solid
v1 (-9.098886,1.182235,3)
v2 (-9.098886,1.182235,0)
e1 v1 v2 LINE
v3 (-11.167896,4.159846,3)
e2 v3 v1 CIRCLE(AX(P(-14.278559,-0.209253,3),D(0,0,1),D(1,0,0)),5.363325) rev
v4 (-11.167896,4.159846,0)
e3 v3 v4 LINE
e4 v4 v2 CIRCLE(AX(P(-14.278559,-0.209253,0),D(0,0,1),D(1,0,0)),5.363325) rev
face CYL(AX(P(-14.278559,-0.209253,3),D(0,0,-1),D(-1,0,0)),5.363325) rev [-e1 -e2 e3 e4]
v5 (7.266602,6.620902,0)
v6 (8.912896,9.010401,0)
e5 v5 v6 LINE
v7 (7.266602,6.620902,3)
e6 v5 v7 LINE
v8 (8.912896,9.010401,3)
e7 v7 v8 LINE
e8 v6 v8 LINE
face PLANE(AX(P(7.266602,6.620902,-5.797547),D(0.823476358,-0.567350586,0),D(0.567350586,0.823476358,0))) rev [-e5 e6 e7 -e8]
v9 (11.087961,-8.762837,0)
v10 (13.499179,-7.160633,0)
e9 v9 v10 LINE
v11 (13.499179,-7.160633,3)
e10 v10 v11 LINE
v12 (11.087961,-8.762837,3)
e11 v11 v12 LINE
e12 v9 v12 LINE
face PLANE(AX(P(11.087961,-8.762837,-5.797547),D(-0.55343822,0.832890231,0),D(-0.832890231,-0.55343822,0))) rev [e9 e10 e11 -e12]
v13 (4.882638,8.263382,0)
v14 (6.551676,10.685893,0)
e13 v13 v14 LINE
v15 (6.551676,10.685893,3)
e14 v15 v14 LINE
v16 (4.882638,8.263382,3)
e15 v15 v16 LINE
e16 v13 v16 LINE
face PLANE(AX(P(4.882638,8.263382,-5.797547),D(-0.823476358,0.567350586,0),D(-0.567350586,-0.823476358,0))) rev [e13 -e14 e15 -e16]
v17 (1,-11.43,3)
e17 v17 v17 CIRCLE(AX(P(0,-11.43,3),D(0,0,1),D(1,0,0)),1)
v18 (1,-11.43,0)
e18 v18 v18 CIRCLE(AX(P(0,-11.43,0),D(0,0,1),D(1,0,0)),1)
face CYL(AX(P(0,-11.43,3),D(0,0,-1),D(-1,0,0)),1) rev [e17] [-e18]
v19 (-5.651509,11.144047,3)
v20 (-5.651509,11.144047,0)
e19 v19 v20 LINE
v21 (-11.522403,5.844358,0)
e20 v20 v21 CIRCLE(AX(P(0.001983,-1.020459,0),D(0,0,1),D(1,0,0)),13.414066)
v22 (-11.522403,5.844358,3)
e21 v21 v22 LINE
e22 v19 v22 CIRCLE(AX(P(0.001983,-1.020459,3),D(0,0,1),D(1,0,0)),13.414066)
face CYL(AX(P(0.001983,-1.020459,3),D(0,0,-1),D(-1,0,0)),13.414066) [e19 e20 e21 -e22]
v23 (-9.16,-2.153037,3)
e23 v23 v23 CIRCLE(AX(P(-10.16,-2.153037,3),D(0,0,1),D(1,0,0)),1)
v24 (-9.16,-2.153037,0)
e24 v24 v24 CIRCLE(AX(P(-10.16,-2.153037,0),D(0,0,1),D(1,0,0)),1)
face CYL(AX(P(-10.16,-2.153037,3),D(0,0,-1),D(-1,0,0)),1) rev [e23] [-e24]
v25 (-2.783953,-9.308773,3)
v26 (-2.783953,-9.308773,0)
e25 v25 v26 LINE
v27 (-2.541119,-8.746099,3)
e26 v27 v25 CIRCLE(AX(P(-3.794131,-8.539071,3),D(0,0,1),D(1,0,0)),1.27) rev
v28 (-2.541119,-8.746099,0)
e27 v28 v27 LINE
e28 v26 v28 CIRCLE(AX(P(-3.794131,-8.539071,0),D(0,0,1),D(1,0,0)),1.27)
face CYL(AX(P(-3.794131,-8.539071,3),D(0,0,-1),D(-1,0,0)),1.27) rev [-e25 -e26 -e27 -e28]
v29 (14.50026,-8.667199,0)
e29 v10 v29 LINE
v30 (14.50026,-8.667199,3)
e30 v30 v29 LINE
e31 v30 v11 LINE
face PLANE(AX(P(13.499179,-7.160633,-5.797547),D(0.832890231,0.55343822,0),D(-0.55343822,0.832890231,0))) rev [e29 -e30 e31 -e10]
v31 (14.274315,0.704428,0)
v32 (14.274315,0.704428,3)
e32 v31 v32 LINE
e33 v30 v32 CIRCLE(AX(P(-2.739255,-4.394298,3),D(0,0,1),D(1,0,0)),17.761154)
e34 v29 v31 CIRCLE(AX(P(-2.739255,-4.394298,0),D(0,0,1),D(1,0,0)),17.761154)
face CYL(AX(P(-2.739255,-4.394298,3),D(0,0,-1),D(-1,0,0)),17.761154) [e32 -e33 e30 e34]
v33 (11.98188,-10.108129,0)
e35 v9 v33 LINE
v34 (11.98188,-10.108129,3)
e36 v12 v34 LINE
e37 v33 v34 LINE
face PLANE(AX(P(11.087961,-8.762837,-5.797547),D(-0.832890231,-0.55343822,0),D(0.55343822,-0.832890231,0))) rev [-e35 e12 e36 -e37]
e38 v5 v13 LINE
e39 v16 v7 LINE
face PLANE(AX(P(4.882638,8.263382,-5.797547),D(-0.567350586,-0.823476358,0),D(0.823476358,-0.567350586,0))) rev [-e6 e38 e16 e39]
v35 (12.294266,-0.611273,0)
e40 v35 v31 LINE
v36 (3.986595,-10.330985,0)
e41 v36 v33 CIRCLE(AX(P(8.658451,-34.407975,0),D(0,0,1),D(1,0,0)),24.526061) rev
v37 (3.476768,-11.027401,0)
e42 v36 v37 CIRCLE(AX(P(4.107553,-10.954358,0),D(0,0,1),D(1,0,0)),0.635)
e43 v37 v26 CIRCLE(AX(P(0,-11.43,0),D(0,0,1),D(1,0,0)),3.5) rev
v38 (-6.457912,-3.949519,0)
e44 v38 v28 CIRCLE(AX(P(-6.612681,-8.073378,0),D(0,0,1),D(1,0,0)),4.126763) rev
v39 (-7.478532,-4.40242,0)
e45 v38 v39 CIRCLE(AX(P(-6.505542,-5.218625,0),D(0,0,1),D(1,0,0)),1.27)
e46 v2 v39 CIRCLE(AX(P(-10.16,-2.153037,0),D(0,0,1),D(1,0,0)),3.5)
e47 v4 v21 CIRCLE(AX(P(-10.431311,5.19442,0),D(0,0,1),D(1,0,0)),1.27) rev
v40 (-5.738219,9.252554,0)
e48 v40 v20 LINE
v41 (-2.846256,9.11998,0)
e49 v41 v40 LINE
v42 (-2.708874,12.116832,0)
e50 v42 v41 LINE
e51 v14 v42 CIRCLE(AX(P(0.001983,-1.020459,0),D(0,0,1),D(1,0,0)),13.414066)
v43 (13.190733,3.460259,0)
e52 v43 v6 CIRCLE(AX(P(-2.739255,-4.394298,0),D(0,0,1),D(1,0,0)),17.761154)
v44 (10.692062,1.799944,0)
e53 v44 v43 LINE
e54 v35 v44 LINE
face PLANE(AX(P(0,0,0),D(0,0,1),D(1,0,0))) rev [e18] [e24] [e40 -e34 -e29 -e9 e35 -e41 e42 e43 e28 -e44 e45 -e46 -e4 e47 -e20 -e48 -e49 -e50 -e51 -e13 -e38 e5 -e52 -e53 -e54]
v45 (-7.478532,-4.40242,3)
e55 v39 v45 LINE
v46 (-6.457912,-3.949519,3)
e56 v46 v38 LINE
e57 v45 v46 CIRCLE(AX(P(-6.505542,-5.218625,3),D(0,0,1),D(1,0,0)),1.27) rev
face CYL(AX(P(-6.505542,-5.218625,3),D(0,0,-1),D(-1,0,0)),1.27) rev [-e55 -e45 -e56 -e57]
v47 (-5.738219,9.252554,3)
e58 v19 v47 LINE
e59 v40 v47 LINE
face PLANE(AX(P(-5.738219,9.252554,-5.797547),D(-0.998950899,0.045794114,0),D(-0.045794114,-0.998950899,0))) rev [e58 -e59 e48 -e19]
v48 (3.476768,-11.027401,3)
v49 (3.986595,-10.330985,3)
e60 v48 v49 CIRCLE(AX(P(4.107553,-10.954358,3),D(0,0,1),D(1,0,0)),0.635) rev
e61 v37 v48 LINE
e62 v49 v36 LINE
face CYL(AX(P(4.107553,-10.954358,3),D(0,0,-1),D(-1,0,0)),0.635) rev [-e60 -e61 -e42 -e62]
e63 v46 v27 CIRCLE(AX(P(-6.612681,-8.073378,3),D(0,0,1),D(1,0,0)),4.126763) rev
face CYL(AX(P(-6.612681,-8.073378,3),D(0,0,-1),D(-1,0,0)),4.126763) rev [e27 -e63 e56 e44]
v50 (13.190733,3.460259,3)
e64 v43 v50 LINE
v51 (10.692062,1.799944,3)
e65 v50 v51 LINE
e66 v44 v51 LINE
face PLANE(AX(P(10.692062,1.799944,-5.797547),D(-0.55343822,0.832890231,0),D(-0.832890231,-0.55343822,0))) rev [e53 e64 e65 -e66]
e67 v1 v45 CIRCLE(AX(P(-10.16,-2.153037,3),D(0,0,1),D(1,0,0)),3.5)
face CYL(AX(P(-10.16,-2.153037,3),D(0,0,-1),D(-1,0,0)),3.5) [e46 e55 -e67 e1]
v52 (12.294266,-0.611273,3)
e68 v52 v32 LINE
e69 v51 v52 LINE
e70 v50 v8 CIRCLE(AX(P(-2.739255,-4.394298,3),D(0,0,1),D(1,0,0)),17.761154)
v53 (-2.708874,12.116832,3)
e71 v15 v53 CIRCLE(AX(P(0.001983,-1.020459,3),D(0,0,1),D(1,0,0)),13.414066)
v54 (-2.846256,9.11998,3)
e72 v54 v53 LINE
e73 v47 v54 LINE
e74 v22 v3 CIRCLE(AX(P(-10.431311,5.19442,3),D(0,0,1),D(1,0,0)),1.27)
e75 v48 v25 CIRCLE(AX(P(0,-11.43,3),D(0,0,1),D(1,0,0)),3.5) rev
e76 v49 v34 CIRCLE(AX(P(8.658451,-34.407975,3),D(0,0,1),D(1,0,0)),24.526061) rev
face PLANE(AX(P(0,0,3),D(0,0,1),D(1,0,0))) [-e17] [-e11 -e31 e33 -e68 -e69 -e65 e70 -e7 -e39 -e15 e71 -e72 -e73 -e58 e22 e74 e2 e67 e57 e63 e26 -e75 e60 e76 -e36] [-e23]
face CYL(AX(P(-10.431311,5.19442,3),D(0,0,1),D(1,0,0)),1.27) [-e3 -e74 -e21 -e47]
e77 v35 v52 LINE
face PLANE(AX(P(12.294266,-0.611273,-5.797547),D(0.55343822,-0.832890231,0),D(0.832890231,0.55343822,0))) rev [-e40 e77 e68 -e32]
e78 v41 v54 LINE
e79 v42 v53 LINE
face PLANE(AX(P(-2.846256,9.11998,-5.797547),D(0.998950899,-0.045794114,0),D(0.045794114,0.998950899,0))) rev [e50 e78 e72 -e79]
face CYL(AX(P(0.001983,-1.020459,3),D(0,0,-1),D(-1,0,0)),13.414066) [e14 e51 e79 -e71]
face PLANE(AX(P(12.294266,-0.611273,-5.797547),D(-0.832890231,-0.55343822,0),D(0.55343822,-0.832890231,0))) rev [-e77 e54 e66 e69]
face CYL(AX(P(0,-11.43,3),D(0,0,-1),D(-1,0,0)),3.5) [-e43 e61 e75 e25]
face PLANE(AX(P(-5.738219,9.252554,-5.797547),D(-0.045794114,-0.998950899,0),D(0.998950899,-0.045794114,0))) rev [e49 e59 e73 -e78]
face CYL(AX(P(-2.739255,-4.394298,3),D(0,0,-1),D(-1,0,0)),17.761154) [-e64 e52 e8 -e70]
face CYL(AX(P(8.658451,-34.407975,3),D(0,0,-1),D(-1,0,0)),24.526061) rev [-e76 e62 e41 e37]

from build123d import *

# Parameters (mm, degrees)
SKETCH_1_R          = 1
EXTRUDE_1_DEPTH     = 3
CUT_EXTRUDE_1_DEPTH = 3
FILLET_3_R          = 0.635
FILLET_4_R          = 1.27
FILLET_5_R          = 1.27


with BuildPart() as part:
    # 스케치1 → 보스-돌출1 (new body)
    with BuildSketch(Plane.XY):
        with BuildLine():
            ThreePointArc((13.953884727, -10.4604054), (14.378598245, 0.342544853), (8.460782986, 9.390394228))
            ThreePointArc((8.460782986, 9.390394228), (-2.974719352, 12.059159282), (-12.129056489, 4.704491905))
            ThreePointArc((-12.129056489, 4.704491905), (-10.212753099, 3.28852822), (-9.098885827, 1.182234902))
            ThreePointArc((-9.098885827, 1.182234902), (-13.440703993, -3.372455138), (-7.178058569, -3.985528264))
            ThreePointArc((-7.178058569, -3.985528264), (-3.531014476, -5.328655626), (-2.617256463, -9.106216747))
            ThreePointArc((-2.617256463, -9.106216747), (-0.772979034, -14.843576338), (3.363017442, -10.4604054))
            ThreePointArc((3.363017442, -10.4604054), (8.658451084, -9.881913195), (13.953884727, -10.4604054))
        make_face()
        with Locations((-10.16, -2.153036707)):
            Circle(SKETCH_1_R, mode=Mode.SUBTRACT)
        with Locations((0, -11.43)):
            Circle(SKETCH_1_R, mode=Mode.SUBTRACT)
    extrude(amount=EXTRUDE_1_DEPTH)

    # 스케치2 → 컷-돌출1 (cut)
    with BuildSketch(Plane.XY.offset(3)):
        Polygon((12.294266072, -0.611273139), (10.692062425, 1.799944079), (13.190733117, 3.460258739), (14.792936764, 1.049041521), align=None)
        Polygon((-5.738219006, 9.252553702), (-2.846256152, 9.119979742), (-2.708873811, 12.11683244), (-5.600836664, 12.2494064), align=None)
        Polygon((4.882638145, 8.263381657), (7.266602202, 6.620901711), (8.96865396, 9.091330786), (6.584689903, 10.733810732), align=None)
        Polygon((11.087961457, -8.762836531), (13.499178676, -7.160632884), (15.159493336, -9.659303577), (12.748276117, -11.261507224), align=None)
    extrude(amount=-CUT_EXTRUDE_1_DEPTH, mode=Mode.SUBTRACT)

    # 필렛3
    fillet_3_edges = [part.edges().sort_by_distance(p)[0] for p in [
        (3.363017442, -10.4604054, 1.5),
    ]]
    fillet(fillet_3_edges, radius=FILLET_3_R)

    # 필렛4
    fillet_4_edges = [part.edges().sort_by_distance(p)[0] for p in [
        (-12.129056489, 4.704491905, 1.5),
    ]]
    fillet(fillet_4_edges, radius=FILLET_4_R)

    # 필렛5
    fillet_5_edges = [part.edges().sort_by_distance(p)[0] for p in [
        (-2.617256463, -9.106216747, 1.5),
        (-7.178058569, -3.985528264, 1.5),
    ]]
    fillet(fillet_5_edges, radius=FILLET_5_R)


solid = part.part
